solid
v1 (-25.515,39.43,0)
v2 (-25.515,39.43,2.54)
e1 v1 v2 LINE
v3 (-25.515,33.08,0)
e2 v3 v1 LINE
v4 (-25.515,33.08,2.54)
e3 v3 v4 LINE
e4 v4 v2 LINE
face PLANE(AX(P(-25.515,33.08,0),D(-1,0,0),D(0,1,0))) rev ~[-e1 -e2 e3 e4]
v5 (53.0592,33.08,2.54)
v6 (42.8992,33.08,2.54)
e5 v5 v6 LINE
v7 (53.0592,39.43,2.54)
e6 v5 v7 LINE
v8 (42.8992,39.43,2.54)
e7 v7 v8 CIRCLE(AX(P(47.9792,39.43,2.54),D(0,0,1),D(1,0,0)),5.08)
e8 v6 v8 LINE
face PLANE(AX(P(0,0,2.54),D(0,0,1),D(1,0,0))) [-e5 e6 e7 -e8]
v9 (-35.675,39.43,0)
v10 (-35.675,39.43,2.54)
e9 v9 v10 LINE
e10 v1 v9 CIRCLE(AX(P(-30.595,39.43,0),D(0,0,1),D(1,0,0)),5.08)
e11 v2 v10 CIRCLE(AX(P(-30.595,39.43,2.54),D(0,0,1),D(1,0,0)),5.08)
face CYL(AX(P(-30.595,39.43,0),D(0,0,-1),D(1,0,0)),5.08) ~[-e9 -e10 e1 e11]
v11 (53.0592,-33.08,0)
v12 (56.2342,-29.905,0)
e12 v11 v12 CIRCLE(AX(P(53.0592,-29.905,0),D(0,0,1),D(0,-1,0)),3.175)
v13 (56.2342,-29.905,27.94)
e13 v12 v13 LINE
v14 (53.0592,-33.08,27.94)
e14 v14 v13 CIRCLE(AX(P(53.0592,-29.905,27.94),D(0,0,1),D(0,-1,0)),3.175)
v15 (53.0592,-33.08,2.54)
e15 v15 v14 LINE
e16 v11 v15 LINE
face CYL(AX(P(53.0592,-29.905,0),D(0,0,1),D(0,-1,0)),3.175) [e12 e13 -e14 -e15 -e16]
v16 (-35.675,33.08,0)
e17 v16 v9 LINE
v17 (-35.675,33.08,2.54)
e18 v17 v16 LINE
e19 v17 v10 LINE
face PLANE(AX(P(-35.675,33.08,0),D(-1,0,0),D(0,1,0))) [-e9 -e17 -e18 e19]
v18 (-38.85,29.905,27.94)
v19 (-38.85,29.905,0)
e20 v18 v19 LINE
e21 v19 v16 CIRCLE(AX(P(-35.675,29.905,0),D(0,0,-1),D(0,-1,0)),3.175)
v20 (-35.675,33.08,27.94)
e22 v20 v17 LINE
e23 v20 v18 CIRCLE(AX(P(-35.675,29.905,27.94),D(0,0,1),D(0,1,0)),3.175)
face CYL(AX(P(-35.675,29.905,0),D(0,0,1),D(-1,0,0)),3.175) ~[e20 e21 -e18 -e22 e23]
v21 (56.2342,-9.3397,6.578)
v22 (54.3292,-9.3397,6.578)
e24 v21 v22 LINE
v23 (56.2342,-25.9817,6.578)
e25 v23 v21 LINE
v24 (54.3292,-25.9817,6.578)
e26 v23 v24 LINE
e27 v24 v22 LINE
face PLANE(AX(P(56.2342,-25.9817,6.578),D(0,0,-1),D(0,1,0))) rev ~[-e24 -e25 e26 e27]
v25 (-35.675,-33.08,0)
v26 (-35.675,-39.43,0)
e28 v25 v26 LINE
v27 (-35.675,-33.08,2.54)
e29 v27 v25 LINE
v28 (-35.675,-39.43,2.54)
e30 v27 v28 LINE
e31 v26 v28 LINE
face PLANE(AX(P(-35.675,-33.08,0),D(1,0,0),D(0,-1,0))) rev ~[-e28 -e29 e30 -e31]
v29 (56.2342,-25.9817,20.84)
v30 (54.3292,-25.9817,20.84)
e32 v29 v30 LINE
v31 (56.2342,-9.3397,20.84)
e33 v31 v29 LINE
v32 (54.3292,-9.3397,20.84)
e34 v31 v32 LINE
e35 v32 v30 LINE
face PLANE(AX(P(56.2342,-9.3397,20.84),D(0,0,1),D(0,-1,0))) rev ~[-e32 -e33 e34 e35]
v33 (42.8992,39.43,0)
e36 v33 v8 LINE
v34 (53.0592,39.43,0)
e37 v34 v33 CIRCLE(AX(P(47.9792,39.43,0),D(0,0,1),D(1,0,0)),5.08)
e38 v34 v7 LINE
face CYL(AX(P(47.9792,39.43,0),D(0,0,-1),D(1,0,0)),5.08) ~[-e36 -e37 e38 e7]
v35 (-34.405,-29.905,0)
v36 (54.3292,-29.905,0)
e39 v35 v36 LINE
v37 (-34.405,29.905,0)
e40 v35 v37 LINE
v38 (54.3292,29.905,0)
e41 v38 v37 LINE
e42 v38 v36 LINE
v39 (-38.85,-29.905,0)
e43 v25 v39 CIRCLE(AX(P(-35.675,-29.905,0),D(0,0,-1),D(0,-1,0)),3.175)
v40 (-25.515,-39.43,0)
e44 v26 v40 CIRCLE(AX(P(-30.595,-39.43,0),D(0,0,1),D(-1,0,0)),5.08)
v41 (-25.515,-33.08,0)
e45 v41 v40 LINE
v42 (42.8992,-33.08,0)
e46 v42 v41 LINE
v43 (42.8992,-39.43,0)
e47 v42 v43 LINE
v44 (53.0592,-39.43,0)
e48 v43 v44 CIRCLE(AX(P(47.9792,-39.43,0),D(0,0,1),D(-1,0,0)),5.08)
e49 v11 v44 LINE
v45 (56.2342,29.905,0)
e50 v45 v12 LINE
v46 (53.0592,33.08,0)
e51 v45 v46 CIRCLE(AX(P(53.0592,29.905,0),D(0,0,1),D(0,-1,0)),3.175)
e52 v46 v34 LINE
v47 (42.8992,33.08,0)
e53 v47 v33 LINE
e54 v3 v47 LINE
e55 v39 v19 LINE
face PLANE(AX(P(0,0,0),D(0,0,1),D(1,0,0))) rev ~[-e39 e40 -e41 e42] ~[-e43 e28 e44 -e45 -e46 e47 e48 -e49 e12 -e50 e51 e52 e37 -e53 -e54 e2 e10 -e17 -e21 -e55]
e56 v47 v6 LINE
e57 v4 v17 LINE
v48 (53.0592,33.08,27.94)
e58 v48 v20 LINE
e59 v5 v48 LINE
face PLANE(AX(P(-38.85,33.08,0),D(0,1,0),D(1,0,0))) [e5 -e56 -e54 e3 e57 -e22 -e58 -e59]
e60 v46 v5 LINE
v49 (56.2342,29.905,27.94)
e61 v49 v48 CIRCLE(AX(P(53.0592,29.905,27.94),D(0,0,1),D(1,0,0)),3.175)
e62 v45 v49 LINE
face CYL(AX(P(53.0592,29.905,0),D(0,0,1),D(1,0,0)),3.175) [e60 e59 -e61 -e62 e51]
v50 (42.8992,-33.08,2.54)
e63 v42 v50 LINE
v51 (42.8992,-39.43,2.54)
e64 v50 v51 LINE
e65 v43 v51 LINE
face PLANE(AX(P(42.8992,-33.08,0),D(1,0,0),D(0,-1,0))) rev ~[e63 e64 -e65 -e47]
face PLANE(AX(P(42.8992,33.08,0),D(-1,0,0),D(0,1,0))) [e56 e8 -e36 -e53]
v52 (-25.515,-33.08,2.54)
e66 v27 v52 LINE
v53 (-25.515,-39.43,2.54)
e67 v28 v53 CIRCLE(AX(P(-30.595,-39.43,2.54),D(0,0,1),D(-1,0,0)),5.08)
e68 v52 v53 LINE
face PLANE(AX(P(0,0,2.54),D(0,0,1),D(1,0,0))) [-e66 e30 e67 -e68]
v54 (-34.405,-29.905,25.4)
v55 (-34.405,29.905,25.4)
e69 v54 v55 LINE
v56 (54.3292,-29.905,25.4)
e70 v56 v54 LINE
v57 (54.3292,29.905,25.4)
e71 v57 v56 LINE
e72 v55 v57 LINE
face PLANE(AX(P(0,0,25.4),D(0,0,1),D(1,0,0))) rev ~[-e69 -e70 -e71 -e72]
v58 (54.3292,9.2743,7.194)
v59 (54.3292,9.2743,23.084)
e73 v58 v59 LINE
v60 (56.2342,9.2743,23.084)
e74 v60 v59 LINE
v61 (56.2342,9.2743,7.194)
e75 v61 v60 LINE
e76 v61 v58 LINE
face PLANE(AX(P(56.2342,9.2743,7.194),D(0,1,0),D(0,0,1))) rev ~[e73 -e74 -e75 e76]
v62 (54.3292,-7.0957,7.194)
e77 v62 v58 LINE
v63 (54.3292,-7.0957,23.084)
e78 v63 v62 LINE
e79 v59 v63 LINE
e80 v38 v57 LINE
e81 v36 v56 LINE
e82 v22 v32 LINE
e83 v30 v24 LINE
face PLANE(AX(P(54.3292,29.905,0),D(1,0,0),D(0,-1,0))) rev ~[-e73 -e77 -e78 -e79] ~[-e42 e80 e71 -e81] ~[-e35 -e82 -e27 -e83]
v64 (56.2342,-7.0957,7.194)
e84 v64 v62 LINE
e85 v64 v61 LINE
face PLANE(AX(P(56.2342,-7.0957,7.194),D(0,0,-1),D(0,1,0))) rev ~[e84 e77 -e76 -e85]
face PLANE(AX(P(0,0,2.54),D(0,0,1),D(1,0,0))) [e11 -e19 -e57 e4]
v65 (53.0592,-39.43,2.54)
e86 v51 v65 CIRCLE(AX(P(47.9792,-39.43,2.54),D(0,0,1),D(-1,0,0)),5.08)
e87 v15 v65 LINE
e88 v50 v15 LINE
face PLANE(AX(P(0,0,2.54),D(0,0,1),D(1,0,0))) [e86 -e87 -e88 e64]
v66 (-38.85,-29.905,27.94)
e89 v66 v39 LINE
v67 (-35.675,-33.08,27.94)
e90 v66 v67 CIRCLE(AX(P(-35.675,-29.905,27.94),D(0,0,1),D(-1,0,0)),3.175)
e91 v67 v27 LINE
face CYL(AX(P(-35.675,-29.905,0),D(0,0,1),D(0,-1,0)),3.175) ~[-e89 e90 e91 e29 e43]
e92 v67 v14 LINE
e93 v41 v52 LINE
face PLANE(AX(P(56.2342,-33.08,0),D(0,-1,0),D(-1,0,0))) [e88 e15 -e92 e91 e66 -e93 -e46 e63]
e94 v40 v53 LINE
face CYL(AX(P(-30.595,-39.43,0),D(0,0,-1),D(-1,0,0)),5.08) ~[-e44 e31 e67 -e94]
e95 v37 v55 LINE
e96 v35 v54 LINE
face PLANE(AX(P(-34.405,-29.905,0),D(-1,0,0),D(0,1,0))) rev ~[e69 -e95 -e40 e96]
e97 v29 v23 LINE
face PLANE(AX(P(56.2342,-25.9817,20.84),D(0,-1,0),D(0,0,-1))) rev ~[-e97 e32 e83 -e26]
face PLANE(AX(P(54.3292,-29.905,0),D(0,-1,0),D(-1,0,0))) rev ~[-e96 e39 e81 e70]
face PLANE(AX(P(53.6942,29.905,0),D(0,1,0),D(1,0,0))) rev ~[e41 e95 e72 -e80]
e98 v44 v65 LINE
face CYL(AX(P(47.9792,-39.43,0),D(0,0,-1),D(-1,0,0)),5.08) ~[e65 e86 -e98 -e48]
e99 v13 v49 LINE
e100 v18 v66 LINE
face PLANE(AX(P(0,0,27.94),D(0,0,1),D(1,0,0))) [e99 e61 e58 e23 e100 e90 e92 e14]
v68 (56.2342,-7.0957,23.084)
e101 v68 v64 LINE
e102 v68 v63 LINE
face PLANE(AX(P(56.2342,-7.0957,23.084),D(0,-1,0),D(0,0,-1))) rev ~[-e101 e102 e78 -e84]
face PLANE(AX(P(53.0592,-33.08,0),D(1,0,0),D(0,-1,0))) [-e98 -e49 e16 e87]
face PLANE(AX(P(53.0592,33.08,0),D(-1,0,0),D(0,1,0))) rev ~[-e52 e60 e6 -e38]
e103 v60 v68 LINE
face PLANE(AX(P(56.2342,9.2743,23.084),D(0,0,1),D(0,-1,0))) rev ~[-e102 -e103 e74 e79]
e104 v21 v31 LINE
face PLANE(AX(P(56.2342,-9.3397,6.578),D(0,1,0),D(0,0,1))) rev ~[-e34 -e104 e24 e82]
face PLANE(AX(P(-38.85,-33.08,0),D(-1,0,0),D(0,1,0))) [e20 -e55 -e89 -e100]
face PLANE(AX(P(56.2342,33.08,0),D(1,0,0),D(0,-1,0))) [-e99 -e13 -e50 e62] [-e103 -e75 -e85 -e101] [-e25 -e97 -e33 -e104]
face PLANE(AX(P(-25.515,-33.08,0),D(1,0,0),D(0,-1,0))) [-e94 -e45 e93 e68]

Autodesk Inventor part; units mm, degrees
ref_plane "YZ Plane" through (0, 0, 0) normal (1, 0, 0) x (0, 1, 0)
ref_plane "XZ Plane" through (0, 0, 0) normal (0, 1, 0) x (-1, 0, 0)
ref_plane "XY Plane" through (0, 0, 0) normal (0, 0, 1) x (1, 0, 0)
ref_plane "Work Plane1" through (0, 0, 0) normal (0, 0, 1) x (1, 0, 0)
sketch "Sketch1" plane through (0, 0, 0) normal (0, 0, 1) x (1, 0, 0)
  line L0 (56.2342, -33.08) -> (-38.85, -33.08)
  line L1 (-38.85, -33.08) -> (-38.85, 33.08)
  line L2 (-38.85, 33.08) -> (56.2342, 33.08)
  line L3 (56.2342, 33.08) -> (56.2342, -33.08)
  line L4 (-32.5, 25) -> (-32.5, -25) projected
  line L5 (49.4242, -28) -> (-29.5, -28) projected
  line L6 (52.4242, 25) -> (52.4242, -25) projected
  line L7 (49.4242, 28) -> (-29.5, 28) projected
  line L8 (-34.405, 29.905) -> (54.3292, 29.905) projected
  line L9 (54.3292, 29.905) -> (54.3292, -29.905) projected
  line L10 (54.3292, -29.905) -> (-34.405, -29.905) projected
  line L11 (-34.405, -29.905) -> (-34.405, 29.905) projected
  line L12 (-36.31, 30.54) -> (53.6942, 30.54)
  line L13 (53.6942, 30.54) -> (53.6942, -30.54)
  line L14 (53.6942, -30.54) -> (-36.31, -30.54)
  line L15 (-36.31, -30.54) -> (-36.31, 30.54)
  point P0 (0, 0)
  dimension "d18" = 2.54
  dimension "d19" = 2.54
  dimension "d20" = 2.54
  dimension "d27" = 0.635
  dimension "d28" = 2.54
  dimension "d30" = 3.81
  dimension "d31" = 3.81
  dimension "d33" = 2.54
extrude "Extrusion1" add sketch "Sketch1" along normal blind 25.4 contours L0 L1 L2 L3 | L11 L10 L13 L14 L15 L12 L8
fillet "Fillet1" radius 3.175 4 edges at (-38.85, 33.08, 12.7) (-38.85, -33.08, 12.7) (56.2342, -33.08, 12.7) (56.2342, 33.08, 12.7)
sketch "Sketch3" plane through (56.2342, -29.905, 0) normal (1, 0, 0) x (0, 0, -1)
  line L0 (-20.459, 4.3043) -> (-20.459, 20.1843) projected
  line L1 (-6.959, 4.3043) -> (-20.459, 4.3043) projected
  line L2 (-6.959, 20.1843) -> (-20.459, 20.1843) projected
  line L3 (-6.959, 4.3043) -> (-6.959, 20.1843) projected
  line L4 (-22.449, 27.9943) -> (-22.449, 33.9943) projected
  line L5 (-13.7386, 23.4443) -> (-16.7386, 23.4443) projected
  line L6 (-16.7386, 38.5443) -> (-13.7386, 38.5443) projected
  line L7 (-16.7386, 38.5443) -> (-13.7386, 38.5443) projected
  line L8 (-7.829, 30.9743) -> (-7.829, 27.9943) projected
  line L9 (-23.084, 22.8093) -> (-7.194, 22.8093)
  line L10 (-7.194, 22.8093) -> (-7.194, 39.1793)
  line L11 (-7.194, 39.1793) -> (-23.084, 39.1793)
  line L12 (-23.084, 39.1793) -> (-23.084, 22.8093)
  line L13 (-20.84, 3.9233) -> (-6.578, 3.9233)
  line L14 (-6.578, 3.9233) -> (-6.578, 20.5653)
  line L15 (-6.578, 20.5653) -> (-20.84, 20.5653)
  line L16 (-20.84, 20.5653) -> (-20.84, 3.9233)
  point P0 (0, 29.905)
  dimension "d9" = 0.635
  dimension "d10" = 0.635
  dimension "d11" = 0.635
  dimension "d12" = 0.635
  dimension "d13" = 0.381
  dimension "d14" = 0.381
  dimension "d15" = 0.381
  dimension "d16" = 0.381
extrude "Extrusion2" cut sketch "Sketch3" against normal up to surface (1.905 mm away) contours L0 L2 L3 L1 | L12 L11 L10 L9 | L16 L15 L14 L13
sketch "Sketch4" plane through (0, 0, 25.4) normal (0, 0, 1) x (1, 0, 0)
  line L0 (-38.85, 29.905) -> (-38.85, -29.905) projected
  arc A0 (56.2342, 29.905) -> (53.0592, 33.08) centre (53.0592, 29.905) ccw projected
  line L1 (53.0592, 33.08) -> (-35.675, 33.08) projected
  arc A1 (-35.675, 33.08) -> (-38.85, 29.905) centre (-35.675, 29.905) ccw projected
  line L2 (-38.85, 29.905) -> (-38.85, -29.905) projected
  arc A2 (-38.85, -29.905) -> (-35.675, -33.08) centre (-35.675, -29.905) ccw projected
  line L3 (-35.675, -33.08) -> (53.0592, -33.08) projected
  arc A3 (53.0592, -33.08) -> (56.2342, -29.905) centre (53.0592, -29.905) ccw projected
  line L4 (56.2342, -29.905) -> (56.2342, 29.905) projected
  line L5 (-34.405, 29.905) -> (54.3292, 29.905) projected
  line L6 (54.3292, 29.905) -> (54.3292, -29.905) projected
  line L7 (54.3292, -29.905) -> (-34.405, -29.905) projected
  line L8 (-34.405, -29.905) -> (-34.405, 29.905) projected
  point P0 (0, 0)
extrude "Extrusion3" add sketch "Sketch4" along normal blind 2.54 contours A1 L1 A0 L4 A3 L3 A2 L0 | L5 L6 L7 L8
ref_plane "Work Plane2" through (0, 0, 0) normal (0, 0, 1) x (1, 0, 0)
sketch "Sketch5" plane through (0, 0, 0) normal (0, 0, 1) x (1, 0, 0)
  line L0 (53.0592, 33.08) -> (-35.675, 33.08) projected
  line L1 (-35.675, 33.08) -> (-35.675, 39.43)
  line L2 (-25.515, 33.08) -> (-25.515, 39.43)
  arc A0 (-25.515, 39.43) -> (-35.675, 39.43) centre (-30.595, 39.43) ccw
  line L3 (-35.675, 33.08) -> (-25.515, 33.08)
  line L4 (8.6921, 33.08) -> (8.6921, -33.08)
  line L5 (-35.675, -33.08) -> (53.0592, -33.08) projected
  line L6 (-38.85, 29.905) -> (-38.85, -29.905) projected
  line L7 (-38.85, 0) -> (57.3991, 0)
  line L8 (53.0592, 33.08) -> (53.0592, 39.43)
  line L9 (42.8992, 33.08) -> (42.8992, 39.43)
  arc A1 (53.0592, 39.43) -> (42.8992, 39.43) centre (47.9792, 39.43) ccw
  line L10 (53.0592, 33.08) -> (42.8992, 33.08)
  line L11 (53.0592, -33.08) -> (-35.675, -33.08)
  line L12 (-35.675, -33.08) -> (-35.675, -39.43)
  line L13 (-25.515, -33.08) -> (-25.515, -39.43)
  arc A2 (-35.675, -39.43) -> (-25.515, -39.43) centre (-30.595, -39.43) ccw
  line L14 (-35.675, -33.08) -> (-25.515, -33.08)
  line L15 (42.8992, -33.08) -> (42.8992, -39.43)
  line L16 (53.0592, -33.08) -> (53.0592, -39.43)
  arc A3 (42.8992, -39.43) -> (53.0592, -39.43) centre (47.9792, -39.43) ccw
  point P0 (0, 0)
  point P1 (42.8992, 33.08)
  point P2 (42.8992, -33.08)
  point P3 (-25.515, -33.08)
  dimension "d34" = 6.35
  dimension "d35" = 10.16
extrude "Extrusion4" add sketch "Sketch5" along normal blind 2.54
properties part number "RPi Case"
